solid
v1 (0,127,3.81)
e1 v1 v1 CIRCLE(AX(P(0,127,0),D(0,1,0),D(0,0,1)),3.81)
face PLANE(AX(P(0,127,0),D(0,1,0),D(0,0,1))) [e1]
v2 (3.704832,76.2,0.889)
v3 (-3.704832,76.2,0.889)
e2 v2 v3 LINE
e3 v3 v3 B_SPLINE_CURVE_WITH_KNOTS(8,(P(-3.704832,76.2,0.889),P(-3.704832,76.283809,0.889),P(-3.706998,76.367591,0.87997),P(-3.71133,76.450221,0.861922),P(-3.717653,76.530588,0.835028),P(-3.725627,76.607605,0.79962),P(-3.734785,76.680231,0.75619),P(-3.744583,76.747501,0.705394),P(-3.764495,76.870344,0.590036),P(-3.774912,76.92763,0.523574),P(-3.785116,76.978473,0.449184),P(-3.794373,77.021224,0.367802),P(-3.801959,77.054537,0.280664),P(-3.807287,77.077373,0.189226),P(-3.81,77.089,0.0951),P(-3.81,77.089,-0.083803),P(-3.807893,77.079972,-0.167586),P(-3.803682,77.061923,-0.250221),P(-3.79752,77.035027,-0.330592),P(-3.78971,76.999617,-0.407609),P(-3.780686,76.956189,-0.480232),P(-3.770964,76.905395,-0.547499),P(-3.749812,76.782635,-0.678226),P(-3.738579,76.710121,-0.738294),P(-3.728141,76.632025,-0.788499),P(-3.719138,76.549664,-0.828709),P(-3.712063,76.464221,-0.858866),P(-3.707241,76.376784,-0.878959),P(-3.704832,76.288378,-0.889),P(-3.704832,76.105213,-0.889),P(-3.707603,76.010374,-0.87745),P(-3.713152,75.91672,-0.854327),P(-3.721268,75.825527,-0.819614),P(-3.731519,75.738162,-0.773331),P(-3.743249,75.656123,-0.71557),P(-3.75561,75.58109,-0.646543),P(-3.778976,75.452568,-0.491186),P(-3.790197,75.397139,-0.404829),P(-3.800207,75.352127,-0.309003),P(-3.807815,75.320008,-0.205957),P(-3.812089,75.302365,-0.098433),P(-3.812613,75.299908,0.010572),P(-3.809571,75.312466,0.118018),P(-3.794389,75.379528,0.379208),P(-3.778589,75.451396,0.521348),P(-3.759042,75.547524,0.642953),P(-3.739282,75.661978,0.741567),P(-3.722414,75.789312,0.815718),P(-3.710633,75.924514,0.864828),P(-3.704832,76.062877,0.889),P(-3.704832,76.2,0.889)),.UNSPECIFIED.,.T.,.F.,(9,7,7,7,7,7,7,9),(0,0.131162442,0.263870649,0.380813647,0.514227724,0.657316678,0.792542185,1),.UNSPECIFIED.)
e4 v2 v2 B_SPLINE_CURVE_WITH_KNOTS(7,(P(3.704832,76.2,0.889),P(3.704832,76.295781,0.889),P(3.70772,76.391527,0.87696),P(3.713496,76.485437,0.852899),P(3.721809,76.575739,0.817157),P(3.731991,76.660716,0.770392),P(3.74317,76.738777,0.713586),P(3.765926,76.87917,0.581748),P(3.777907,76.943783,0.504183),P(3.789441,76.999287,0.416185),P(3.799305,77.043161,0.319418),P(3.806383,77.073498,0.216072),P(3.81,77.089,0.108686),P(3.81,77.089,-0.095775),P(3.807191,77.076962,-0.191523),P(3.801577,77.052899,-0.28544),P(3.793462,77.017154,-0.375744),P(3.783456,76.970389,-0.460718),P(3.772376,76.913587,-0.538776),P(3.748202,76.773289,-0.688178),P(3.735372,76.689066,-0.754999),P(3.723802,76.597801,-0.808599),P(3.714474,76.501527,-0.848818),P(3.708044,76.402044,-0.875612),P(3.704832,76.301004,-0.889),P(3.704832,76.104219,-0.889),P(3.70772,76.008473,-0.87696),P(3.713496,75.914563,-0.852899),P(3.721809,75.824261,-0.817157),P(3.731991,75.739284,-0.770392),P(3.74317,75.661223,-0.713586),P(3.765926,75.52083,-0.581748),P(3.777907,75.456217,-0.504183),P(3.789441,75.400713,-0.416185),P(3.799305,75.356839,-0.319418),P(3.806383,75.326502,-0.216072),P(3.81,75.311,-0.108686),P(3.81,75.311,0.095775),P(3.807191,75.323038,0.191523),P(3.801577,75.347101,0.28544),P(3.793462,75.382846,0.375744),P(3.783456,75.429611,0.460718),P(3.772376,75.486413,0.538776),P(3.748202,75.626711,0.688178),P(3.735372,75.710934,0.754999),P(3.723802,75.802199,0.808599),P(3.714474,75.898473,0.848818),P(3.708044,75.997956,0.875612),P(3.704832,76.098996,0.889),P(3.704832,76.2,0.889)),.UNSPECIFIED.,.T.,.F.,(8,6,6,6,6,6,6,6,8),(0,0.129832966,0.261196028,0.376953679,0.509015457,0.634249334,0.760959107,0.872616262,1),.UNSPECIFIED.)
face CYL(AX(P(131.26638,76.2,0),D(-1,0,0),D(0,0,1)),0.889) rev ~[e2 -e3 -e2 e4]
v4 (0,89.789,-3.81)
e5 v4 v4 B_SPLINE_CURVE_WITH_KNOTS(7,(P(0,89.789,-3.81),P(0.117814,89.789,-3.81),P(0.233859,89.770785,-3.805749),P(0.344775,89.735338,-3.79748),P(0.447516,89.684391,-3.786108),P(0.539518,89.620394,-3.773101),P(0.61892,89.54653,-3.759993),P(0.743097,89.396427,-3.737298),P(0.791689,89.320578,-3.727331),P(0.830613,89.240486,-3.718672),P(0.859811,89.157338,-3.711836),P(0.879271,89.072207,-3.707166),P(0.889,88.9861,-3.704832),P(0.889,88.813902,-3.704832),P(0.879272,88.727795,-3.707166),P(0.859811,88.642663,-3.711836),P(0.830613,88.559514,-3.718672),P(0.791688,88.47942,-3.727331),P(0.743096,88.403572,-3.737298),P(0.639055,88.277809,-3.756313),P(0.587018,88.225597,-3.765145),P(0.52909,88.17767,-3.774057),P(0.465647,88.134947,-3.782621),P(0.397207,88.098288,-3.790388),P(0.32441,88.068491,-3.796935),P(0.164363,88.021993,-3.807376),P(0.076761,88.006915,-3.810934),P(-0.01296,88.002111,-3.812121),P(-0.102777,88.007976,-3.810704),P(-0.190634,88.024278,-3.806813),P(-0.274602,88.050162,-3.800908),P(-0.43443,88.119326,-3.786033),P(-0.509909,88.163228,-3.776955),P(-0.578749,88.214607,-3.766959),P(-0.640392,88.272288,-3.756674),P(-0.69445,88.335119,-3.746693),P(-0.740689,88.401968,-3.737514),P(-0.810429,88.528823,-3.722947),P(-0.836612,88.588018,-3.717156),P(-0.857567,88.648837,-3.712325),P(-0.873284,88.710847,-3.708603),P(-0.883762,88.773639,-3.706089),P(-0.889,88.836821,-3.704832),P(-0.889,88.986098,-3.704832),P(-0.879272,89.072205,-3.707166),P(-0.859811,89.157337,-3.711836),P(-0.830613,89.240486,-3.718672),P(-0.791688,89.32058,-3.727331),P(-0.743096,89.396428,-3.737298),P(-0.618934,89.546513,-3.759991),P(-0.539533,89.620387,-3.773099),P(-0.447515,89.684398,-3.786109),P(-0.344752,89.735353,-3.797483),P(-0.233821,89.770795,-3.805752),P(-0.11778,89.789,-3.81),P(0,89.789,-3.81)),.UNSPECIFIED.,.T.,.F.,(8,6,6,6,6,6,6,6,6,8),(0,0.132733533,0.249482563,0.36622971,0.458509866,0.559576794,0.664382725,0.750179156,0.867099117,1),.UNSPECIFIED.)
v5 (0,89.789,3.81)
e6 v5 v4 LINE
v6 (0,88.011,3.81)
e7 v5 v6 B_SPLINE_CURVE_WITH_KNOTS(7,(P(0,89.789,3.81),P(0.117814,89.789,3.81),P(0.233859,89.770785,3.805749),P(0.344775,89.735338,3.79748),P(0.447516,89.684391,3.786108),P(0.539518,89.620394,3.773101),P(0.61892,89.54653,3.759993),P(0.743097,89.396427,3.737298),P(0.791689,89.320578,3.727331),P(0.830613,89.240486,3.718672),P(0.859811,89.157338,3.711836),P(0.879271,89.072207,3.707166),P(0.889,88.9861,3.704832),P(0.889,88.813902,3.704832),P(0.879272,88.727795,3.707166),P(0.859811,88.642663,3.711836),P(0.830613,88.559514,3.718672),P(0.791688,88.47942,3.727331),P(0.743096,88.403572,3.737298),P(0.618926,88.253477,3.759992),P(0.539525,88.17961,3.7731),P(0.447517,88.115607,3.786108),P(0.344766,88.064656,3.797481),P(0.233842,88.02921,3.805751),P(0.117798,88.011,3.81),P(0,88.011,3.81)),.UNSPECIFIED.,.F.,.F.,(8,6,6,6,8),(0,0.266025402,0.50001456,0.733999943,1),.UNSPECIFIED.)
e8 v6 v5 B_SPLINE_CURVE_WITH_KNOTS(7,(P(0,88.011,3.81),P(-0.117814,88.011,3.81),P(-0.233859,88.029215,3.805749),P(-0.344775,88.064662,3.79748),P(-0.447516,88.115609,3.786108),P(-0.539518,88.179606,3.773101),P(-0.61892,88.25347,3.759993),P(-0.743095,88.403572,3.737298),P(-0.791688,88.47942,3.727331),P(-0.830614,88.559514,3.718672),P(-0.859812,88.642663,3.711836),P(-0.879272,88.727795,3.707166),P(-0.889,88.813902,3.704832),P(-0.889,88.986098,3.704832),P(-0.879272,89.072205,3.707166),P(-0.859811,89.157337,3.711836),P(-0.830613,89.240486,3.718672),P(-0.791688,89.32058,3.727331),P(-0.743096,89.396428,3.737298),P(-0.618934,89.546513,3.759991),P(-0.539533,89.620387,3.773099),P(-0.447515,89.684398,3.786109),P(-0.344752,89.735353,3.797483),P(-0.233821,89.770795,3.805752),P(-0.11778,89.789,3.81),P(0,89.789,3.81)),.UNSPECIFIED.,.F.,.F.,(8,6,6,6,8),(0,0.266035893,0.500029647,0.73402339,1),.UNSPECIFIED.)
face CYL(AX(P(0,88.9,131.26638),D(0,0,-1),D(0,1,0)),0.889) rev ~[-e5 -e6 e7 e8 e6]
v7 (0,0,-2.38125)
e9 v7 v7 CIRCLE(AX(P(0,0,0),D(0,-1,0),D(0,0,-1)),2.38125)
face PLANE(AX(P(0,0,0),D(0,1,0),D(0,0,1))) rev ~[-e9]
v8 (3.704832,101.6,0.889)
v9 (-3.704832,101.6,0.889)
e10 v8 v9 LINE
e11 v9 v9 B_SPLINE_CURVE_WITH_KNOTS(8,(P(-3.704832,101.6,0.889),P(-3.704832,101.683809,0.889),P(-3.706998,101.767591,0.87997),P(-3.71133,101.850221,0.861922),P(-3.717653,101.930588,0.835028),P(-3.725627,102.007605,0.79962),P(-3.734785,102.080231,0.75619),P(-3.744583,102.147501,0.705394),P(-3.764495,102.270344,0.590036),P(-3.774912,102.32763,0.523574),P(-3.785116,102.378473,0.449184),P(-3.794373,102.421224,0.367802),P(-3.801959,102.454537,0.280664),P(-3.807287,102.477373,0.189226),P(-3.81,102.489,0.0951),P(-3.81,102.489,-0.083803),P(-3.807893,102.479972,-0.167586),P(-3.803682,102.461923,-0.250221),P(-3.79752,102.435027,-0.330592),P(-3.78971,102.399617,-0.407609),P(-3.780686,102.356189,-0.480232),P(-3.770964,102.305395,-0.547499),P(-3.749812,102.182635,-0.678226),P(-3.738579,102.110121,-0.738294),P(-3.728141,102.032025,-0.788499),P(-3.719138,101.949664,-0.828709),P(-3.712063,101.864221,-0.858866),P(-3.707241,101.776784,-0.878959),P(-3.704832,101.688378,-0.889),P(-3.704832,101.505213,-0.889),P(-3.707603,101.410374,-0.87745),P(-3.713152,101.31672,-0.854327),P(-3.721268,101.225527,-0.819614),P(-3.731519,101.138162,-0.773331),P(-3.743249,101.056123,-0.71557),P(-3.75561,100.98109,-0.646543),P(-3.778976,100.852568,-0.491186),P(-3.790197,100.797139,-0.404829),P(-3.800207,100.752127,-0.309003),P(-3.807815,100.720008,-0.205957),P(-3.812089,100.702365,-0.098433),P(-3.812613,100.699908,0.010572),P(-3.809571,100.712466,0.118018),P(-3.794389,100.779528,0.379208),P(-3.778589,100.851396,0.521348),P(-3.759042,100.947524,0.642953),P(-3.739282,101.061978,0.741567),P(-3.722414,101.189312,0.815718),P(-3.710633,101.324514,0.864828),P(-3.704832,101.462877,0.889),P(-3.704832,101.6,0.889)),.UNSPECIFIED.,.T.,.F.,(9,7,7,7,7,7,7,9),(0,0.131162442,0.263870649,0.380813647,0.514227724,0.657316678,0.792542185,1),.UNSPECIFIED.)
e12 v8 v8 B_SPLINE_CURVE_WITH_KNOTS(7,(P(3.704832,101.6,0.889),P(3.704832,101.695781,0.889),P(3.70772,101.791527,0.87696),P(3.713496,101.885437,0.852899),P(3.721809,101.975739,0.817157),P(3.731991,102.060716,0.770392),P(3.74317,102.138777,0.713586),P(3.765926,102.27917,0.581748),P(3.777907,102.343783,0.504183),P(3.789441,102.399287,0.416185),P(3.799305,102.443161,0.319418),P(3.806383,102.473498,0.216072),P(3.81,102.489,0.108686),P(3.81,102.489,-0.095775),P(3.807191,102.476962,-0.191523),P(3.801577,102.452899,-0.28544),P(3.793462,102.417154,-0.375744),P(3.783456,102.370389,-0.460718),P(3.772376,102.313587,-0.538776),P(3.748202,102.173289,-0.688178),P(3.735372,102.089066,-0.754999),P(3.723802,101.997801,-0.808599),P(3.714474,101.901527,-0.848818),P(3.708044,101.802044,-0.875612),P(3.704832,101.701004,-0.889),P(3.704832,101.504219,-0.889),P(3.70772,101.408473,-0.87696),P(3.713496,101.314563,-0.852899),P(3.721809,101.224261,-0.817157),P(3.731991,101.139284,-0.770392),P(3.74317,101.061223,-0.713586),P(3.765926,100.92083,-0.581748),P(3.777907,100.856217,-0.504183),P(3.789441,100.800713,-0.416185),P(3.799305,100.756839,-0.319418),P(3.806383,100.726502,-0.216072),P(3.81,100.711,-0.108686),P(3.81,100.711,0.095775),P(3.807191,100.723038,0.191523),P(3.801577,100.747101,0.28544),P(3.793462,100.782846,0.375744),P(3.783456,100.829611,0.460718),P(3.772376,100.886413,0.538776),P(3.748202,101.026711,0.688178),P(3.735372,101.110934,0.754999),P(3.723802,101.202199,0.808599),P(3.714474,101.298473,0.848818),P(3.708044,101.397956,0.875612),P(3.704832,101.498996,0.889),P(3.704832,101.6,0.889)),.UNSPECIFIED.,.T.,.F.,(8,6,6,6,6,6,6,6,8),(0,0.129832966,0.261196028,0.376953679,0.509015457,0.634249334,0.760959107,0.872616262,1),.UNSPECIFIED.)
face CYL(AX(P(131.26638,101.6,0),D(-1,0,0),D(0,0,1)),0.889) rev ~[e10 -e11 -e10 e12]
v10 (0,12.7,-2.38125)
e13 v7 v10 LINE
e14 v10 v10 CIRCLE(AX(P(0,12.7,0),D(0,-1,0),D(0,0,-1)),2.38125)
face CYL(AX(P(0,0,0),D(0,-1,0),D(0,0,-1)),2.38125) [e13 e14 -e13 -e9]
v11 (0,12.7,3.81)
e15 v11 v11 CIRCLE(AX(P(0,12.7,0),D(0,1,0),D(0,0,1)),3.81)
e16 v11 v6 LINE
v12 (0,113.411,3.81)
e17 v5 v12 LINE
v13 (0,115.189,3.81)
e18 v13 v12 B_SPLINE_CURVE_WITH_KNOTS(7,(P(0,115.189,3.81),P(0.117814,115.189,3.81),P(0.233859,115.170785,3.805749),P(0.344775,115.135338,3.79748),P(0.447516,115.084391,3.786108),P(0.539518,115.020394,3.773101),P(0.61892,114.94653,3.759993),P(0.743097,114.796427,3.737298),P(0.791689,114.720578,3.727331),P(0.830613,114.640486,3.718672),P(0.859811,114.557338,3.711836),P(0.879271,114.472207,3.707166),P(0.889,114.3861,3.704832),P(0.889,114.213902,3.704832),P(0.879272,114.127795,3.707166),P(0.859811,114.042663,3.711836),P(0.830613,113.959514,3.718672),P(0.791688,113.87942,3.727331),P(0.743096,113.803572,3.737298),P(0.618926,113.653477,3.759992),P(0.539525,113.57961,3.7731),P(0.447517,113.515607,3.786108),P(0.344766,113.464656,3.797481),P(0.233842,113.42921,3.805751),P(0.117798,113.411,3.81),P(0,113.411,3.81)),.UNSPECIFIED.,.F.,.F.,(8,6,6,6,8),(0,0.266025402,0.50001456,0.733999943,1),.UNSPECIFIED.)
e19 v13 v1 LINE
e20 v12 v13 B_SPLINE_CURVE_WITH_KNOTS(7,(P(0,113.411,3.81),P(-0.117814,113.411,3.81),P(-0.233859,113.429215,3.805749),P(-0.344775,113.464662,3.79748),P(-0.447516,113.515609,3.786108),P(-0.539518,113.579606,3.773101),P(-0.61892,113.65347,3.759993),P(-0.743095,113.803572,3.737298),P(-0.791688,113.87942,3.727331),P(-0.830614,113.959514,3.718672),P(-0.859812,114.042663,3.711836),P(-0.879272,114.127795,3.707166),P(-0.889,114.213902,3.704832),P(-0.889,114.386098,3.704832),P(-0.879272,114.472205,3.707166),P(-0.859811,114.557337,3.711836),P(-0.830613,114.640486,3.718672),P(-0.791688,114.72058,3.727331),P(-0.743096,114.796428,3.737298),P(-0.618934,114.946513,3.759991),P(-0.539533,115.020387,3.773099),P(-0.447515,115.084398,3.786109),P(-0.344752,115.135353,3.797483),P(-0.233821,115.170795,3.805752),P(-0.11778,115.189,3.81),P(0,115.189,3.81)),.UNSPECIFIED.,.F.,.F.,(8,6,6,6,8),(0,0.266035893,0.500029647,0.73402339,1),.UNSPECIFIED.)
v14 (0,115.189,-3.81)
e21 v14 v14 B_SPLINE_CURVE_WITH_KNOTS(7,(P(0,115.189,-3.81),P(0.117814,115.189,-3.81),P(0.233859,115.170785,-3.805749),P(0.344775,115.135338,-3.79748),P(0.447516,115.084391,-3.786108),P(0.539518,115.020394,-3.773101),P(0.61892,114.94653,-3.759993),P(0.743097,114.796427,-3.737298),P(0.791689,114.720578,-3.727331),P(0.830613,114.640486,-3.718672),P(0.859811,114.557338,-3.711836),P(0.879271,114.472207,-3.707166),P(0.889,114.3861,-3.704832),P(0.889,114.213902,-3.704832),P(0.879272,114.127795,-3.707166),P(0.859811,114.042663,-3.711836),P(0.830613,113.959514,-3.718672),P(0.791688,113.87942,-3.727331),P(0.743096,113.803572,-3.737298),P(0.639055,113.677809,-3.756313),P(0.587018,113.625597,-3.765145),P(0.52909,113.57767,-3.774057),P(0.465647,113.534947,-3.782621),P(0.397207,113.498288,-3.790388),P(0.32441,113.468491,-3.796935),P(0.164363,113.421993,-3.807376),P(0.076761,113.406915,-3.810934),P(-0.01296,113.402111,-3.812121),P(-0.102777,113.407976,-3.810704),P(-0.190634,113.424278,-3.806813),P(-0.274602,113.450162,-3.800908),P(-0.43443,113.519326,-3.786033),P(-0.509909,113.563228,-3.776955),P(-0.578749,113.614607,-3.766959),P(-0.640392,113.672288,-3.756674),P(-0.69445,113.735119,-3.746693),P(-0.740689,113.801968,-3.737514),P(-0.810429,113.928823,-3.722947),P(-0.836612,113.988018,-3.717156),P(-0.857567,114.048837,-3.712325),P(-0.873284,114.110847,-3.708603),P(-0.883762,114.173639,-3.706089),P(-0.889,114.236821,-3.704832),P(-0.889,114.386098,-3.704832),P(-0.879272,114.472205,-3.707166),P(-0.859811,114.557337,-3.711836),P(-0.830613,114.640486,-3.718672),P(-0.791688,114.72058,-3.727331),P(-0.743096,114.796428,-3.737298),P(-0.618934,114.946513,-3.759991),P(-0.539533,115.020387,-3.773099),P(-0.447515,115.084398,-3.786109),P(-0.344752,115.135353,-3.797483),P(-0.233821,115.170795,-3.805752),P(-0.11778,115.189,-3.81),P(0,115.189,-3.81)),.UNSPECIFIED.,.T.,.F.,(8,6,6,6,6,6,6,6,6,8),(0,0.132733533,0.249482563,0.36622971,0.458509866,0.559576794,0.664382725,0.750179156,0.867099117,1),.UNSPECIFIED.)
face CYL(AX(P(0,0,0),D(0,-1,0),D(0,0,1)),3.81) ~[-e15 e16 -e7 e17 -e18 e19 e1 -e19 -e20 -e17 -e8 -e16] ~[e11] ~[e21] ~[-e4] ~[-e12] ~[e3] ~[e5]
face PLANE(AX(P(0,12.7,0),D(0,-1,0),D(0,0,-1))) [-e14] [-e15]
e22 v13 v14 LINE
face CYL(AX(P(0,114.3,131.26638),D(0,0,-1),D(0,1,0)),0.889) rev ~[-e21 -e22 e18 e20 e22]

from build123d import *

# Parameters (mm, degrees)
SKETCH1_R             = 3.81
BOSS_EXTRUDE1_DEPTH   = 127
F_2_64_TAPPED_HOLE1_D = 1.778
F_2_64_TAPPED_HOLE2_D = 1.778
LPATTERN1_COUNT       = 2
LPATTERN1_PITCH       = 25.4
LPATTERN2_COUNT       = 2
LPATTERN2_PITCH       = 25.4
SKETCH22_R            = 3.81
SKETCH22_R_2          = 2.38125
CUT_EXTRUDE1_DEPTH    = 12.7


with BuildPart() as part:
    # Sketch1 → Boss-Extrude1 (new body)
    with BuildSketch(Plane(origin=(0, 0, 0), x_dir=(1, 0, 0), z_dir=(0, 1, 0))):
        with Locations(Location((0, 0, 0), (0, 0, 270))):
            Circle(SKETCH1_R)
    extrude(amount=BOSS_EXTRUDE1_DEPTH)

    # #2-64 Tapped Hole1 (through all)
    with Locations(Plane(origin=(3.81, 0, 0), x_dir=(0, 0, -1), z_dir=(1, 0, 0))):
        with Locations((0, 76.2)):
            f_2_64_tapped_hole1 = Hole(F_2_64_TAPPED_HOLE1_D / 2)

    # #2-64 Tapped Hole2 (through all)
    with Locations(Plane(origin=(0, 0, 3.81), x_dir=(0, -1, 0), z_dir=(0, 0, 1))):
        with Locations((-88.9, 0)):
            f_2_64_tapped_hole2 = Hole(F_2_64_TAPPED_HOLE2_D / 2)

    # LPattern1: #2-64 Tapped Hole1 ×2
    with Locations(*[(0, i * LPATTERN1_PITCH, 0) for i in range(1, LPATTERN1_COUNT)]):
        add(f_2_64_tapped_hole1, mode=Mode.SUBTRACT)

    # LPattern2: #2-64 Tapped Hole2 ×2
    with Locations(*[(0, i * LPATTERN2_PITCH, 0) for i in range(1, LPATTERN2_COUNT)]):
        add(f_2_64_tapped_hole2, mode=Mode.SUBTRACT)

    # Sketch22 → Cut-Extrude1 (cut)
    with BuildSketch(Plane.XZ):
        with Locations(Location((0, 0, 0), (0, 0, 270))):
            Circle(SKETCH22_R)
        with Locations(Location((0, 0, 0), (0, 0, 270))):
            Circle(SKETCH22_R_2, mode=Mode.SUBTRACT)
    extrude(amount=-CUT_EXTRUDE1_DEPTH, mode=Mode.SUBTRACT)


solid = part.part
